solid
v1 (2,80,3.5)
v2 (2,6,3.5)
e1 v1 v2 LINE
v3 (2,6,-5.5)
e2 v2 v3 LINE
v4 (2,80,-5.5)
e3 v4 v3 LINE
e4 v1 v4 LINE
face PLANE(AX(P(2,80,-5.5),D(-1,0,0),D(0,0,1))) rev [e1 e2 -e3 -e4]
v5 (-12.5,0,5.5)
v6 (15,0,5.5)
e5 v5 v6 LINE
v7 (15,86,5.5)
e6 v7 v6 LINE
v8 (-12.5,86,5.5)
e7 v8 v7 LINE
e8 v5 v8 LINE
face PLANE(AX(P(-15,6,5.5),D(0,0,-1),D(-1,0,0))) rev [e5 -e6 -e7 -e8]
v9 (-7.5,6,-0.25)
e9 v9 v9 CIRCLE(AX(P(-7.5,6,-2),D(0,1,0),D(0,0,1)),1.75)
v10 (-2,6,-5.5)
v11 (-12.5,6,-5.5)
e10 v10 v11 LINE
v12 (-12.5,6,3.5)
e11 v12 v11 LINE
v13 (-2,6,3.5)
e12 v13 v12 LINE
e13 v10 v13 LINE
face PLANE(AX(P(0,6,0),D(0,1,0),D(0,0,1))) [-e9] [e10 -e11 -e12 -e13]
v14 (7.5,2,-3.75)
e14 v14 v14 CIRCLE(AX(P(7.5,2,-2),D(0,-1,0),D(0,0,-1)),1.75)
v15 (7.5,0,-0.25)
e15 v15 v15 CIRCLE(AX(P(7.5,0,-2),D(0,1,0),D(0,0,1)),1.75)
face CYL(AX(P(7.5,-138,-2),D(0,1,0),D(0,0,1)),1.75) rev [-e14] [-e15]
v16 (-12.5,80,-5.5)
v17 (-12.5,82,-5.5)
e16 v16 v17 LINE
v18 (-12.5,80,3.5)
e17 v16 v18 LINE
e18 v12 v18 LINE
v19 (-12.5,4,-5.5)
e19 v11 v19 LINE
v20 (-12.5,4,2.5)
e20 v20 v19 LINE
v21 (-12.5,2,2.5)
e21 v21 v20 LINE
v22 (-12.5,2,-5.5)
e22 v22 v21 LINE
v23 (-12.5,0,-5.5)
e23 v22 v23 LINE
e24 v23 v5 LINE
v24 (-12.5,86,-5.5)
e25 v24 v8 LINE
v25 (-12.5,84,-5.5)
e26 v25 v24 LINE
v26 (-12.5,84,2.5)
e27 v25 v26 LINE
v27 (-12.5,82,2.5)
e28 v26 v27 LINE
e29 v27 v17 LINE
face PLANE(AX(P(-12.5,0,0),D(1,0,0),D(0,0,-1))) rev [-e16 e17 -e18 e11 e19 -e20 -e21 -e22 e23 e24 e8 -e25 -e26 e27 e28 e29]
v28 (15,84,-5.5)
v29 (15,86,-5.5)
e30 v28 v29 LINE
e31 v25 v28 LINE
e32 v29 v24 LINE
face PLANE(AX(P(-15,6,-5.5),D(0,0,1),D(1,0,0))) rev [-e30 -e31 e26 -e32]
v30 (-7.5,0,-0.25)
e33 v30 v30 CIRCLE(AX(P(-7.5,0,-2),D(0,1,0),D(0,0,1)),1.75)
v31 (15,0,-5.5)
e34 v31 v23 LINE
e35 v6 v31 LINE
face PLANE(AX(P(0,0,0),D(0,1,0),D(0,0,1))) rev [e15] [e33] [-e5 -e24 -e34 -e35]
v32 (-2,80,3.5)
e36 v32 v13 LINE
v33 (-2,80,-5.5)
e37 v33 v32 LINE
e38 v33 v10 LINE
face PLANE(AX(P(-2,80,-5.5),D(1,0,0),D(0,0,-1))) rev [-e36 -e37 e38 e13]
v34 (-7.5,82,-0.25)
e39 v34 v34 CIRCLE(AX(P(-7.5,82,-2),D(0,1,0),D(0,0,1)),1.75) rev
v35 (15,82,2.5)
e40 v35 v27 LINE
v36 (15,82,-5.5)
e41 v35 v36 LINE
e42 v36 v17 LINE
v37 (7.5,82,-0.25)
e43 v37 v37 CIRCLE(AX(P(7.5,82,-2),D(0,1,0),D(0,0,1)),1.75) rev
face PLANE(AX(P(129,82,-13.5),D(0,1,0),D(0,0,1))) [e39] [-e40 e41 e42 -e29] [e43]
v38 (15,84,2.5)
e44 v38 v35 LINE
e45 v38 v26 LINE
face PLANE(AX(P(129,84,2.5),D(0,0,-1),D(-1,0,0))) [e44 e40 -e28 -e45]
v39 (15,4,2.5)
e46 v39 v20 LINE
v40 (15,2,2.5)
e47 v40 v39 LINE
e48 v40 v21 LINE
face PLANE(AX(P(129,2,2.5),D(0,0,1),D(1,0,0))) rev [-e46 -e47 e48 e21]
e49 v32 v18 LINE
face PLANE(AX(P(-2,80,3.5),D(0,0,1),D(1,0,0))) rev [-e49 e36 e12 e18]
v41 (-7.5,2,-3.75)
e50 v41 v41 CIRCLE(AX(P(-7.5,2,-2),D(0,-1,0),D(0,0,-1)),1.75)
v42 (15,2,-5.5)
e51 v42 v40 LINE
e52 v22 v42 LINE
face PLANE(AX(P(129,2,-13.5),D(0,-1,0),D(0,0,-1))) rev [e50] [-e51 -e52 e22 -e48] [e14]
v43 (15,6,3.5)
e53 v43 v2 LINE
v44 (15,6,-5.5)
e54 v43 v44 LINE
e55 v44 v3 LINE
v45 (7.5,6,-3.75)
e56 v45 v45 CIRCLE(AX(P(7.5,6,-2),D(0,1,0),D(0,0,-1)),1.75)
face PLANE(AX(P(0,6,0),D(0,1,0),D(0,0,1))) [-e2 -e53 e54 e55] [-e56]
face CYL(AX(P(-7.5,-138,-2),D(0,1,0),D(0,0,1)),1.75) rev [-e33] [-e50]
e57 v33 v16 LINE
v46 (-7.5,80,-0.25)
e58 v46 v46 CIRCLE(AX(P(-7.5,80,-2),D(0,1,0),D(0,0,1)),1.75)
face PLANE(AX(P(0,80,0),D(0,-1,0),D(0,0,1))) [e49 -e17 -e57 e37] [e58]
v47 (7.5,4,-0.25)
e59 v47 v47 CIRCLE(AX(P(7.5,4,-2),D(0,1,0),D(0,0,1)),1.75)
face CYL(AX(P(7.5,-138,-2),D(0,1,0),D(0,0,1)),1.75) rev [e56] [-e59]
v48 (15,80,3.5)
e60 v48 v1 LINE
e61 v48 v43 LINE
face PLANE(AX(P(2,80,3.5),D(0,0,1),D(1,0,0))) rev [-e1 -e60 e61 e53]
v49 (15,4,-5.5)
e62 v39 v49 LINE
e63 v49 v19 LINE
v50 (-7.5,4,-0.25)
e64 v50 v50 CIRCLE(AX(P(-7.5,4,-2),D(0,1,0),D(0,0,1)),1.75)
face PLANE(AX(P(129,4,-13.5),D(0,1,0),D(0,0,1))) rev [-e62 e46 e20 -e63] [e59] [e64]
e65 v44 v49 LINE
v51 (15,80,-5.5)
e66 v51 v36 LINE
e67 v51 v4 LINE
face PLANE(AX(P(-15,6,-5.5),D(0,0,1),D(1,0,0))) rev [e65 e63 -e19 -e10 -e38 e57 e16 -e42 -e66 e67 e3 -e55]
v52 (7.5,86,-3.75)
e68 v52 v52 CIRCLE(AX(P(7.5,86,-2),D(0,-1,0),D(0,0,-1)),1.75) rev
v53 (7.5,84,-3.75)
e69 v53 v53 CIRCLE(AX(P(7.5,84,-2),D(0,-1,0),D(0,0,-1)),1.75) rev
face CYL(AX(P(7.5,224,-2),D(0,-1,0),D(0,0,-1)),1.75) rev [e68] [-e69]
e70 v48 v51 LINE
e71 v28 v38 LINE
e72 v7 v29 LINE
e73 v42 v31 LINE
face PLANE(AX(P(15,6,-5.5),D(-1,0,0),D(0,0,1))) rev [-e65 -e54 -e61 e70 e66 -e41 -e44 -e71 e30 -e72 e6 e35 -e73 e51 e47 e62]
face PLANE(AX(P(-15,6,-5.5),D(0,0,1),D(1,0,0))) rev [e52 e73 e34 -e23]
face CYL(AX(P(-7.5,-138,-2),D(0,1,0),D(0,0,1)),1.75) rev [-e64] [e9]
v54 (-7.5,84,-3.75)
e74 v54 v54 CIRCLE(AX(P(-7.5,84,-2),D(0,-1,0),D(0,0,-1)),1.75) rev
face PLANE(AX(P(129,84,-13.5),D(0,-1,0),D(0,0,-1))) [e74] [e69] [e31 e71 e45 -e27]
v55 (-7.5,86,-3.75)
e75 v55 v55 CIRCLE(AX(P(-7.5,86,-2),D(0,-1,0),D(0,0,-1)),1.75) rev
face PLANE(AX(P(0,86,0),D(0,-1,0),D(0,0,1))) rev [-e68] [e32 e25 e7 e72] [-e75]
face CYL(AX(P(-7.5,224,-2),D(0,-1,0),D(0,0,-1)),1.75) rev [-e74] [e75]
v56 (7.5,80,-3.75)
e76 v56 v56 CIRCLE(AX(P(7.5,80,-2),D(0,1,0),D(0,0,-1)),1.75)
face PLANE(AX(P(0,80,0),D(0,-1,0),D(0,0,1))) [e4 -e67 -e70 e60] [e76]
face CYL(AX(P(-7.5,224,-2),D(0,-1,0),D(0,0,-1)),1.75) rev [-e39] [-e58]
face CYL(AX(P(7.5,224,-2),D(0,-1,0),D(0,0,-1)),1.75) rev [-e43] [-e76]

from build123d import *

# Parameters (mm, degrees)
SKETCH_1_W          = 30
SKETCH_1_H          = 11
EXTRUDE_1_DEPTH     = 6
SKETCH_2_W          = 16
SKETCH_2_H          = 2
CUT_EXTRUDE_1_DEPTH = 144
EXTRUDE_2_DEPTH     = 74
SKETCH_4_R          = 1.75
CUT_EXTRUDE_2_DEPTH = 144
SKETCH_5_W          = 11
SKETCH_5_H          = 80
CUT_EXTRUDE_3_DEPTH = 2.5


with BuildPart() as part:
    # 草图1 → 凸台-拉伸1 (new body)
    with BuildSketch(Plane(origin=(0, 0, 0), x_dir=(1, 0, 0), z_dir=(0, 1, 0))):
        Rectangle(SKETCH_1_W, SKETCH_1_H)
    extrude_1 = extrude(amount=EXTRUDE_1_DEPTH)

    # 草图2 → 切除-拉伸1 (cut)
    with BuildSketch(Plane.ZY.offset(15)):
        with Locations((-5.5, 3)):
            Rectangle(SKETCH_2_W, SKETCH_2_H)
    cut_extrude_1 = extrude(amount=-CUT_EXTRUDE_1_DEPTH, mode=Mode.SUBTRACT)

    # 草图3 → 凸台-拉伸2 (add)
    with BuildSketch(Plane(origin=(0, 6, 0), x_dir=(1, 0, 0), z_dir=(0, 1, 0))):
        Polygon((2, 5.5), (-2, 5.5), (-2, -3.5), (-15, -3.5), (-15, -5.5), (15, -5.5), (15, -3.5), (2, -3.5), align=None)
    extrude(amount=EXTRUDE_2_DEPTH)

    # 草图4 → 切除-拉伸2 (cut)
    with BuildSketch(Plane(origin=(0, 6, 0), x_dir=(1, 0, 0), z_dir=(0, 1, 0))):
        with Locations(Location((-7.5, 2, 0), (0, 0, 270))):
            Circle(SKETCH_4_R)
        with Locations(Location((7.5, 2, 0), (0, 0, 270))):
            Circle(SKETCH_4_R)
    cut_extrude_2 = extrude(amount=-CUT_EXTRUDE_2_DEPTH, mode=Mode.SUBTRACT)

    # 草图5 → 切除-拉伸3 (cut)
    with BuildSketch(Plane.ZY.offset(15)):
        with Locations((0, 40)):
            Rectangle(SKETCH_5_W, SKETCH_5_H)
    cut_extrude_3 = extrude(amount=-CUT_EXTRUDE_3_DEPTH, mode=Mode.SUBTRACT)

    # 镜向1: 凸台-拉伸1, 切除-拉伸1, 切除-拉伸2, 切除-拉伸3 across plane
    add(extrude_1.mirror(Plane.ZX.offset(43)))
    add(cut_extrude_1.mirror(Plane.ZX.offset(43)), mode=Mode.SUBTRACT)
    add(cut_extrude_2.mirror(Plane.ZX.offset(43)), mode=Mode.SUBTRACT)
    add(cut_extrude_3.mirror(Plane.ZX.offset(43)), mode=Mode.SUBTRACT)


solid = part.part
